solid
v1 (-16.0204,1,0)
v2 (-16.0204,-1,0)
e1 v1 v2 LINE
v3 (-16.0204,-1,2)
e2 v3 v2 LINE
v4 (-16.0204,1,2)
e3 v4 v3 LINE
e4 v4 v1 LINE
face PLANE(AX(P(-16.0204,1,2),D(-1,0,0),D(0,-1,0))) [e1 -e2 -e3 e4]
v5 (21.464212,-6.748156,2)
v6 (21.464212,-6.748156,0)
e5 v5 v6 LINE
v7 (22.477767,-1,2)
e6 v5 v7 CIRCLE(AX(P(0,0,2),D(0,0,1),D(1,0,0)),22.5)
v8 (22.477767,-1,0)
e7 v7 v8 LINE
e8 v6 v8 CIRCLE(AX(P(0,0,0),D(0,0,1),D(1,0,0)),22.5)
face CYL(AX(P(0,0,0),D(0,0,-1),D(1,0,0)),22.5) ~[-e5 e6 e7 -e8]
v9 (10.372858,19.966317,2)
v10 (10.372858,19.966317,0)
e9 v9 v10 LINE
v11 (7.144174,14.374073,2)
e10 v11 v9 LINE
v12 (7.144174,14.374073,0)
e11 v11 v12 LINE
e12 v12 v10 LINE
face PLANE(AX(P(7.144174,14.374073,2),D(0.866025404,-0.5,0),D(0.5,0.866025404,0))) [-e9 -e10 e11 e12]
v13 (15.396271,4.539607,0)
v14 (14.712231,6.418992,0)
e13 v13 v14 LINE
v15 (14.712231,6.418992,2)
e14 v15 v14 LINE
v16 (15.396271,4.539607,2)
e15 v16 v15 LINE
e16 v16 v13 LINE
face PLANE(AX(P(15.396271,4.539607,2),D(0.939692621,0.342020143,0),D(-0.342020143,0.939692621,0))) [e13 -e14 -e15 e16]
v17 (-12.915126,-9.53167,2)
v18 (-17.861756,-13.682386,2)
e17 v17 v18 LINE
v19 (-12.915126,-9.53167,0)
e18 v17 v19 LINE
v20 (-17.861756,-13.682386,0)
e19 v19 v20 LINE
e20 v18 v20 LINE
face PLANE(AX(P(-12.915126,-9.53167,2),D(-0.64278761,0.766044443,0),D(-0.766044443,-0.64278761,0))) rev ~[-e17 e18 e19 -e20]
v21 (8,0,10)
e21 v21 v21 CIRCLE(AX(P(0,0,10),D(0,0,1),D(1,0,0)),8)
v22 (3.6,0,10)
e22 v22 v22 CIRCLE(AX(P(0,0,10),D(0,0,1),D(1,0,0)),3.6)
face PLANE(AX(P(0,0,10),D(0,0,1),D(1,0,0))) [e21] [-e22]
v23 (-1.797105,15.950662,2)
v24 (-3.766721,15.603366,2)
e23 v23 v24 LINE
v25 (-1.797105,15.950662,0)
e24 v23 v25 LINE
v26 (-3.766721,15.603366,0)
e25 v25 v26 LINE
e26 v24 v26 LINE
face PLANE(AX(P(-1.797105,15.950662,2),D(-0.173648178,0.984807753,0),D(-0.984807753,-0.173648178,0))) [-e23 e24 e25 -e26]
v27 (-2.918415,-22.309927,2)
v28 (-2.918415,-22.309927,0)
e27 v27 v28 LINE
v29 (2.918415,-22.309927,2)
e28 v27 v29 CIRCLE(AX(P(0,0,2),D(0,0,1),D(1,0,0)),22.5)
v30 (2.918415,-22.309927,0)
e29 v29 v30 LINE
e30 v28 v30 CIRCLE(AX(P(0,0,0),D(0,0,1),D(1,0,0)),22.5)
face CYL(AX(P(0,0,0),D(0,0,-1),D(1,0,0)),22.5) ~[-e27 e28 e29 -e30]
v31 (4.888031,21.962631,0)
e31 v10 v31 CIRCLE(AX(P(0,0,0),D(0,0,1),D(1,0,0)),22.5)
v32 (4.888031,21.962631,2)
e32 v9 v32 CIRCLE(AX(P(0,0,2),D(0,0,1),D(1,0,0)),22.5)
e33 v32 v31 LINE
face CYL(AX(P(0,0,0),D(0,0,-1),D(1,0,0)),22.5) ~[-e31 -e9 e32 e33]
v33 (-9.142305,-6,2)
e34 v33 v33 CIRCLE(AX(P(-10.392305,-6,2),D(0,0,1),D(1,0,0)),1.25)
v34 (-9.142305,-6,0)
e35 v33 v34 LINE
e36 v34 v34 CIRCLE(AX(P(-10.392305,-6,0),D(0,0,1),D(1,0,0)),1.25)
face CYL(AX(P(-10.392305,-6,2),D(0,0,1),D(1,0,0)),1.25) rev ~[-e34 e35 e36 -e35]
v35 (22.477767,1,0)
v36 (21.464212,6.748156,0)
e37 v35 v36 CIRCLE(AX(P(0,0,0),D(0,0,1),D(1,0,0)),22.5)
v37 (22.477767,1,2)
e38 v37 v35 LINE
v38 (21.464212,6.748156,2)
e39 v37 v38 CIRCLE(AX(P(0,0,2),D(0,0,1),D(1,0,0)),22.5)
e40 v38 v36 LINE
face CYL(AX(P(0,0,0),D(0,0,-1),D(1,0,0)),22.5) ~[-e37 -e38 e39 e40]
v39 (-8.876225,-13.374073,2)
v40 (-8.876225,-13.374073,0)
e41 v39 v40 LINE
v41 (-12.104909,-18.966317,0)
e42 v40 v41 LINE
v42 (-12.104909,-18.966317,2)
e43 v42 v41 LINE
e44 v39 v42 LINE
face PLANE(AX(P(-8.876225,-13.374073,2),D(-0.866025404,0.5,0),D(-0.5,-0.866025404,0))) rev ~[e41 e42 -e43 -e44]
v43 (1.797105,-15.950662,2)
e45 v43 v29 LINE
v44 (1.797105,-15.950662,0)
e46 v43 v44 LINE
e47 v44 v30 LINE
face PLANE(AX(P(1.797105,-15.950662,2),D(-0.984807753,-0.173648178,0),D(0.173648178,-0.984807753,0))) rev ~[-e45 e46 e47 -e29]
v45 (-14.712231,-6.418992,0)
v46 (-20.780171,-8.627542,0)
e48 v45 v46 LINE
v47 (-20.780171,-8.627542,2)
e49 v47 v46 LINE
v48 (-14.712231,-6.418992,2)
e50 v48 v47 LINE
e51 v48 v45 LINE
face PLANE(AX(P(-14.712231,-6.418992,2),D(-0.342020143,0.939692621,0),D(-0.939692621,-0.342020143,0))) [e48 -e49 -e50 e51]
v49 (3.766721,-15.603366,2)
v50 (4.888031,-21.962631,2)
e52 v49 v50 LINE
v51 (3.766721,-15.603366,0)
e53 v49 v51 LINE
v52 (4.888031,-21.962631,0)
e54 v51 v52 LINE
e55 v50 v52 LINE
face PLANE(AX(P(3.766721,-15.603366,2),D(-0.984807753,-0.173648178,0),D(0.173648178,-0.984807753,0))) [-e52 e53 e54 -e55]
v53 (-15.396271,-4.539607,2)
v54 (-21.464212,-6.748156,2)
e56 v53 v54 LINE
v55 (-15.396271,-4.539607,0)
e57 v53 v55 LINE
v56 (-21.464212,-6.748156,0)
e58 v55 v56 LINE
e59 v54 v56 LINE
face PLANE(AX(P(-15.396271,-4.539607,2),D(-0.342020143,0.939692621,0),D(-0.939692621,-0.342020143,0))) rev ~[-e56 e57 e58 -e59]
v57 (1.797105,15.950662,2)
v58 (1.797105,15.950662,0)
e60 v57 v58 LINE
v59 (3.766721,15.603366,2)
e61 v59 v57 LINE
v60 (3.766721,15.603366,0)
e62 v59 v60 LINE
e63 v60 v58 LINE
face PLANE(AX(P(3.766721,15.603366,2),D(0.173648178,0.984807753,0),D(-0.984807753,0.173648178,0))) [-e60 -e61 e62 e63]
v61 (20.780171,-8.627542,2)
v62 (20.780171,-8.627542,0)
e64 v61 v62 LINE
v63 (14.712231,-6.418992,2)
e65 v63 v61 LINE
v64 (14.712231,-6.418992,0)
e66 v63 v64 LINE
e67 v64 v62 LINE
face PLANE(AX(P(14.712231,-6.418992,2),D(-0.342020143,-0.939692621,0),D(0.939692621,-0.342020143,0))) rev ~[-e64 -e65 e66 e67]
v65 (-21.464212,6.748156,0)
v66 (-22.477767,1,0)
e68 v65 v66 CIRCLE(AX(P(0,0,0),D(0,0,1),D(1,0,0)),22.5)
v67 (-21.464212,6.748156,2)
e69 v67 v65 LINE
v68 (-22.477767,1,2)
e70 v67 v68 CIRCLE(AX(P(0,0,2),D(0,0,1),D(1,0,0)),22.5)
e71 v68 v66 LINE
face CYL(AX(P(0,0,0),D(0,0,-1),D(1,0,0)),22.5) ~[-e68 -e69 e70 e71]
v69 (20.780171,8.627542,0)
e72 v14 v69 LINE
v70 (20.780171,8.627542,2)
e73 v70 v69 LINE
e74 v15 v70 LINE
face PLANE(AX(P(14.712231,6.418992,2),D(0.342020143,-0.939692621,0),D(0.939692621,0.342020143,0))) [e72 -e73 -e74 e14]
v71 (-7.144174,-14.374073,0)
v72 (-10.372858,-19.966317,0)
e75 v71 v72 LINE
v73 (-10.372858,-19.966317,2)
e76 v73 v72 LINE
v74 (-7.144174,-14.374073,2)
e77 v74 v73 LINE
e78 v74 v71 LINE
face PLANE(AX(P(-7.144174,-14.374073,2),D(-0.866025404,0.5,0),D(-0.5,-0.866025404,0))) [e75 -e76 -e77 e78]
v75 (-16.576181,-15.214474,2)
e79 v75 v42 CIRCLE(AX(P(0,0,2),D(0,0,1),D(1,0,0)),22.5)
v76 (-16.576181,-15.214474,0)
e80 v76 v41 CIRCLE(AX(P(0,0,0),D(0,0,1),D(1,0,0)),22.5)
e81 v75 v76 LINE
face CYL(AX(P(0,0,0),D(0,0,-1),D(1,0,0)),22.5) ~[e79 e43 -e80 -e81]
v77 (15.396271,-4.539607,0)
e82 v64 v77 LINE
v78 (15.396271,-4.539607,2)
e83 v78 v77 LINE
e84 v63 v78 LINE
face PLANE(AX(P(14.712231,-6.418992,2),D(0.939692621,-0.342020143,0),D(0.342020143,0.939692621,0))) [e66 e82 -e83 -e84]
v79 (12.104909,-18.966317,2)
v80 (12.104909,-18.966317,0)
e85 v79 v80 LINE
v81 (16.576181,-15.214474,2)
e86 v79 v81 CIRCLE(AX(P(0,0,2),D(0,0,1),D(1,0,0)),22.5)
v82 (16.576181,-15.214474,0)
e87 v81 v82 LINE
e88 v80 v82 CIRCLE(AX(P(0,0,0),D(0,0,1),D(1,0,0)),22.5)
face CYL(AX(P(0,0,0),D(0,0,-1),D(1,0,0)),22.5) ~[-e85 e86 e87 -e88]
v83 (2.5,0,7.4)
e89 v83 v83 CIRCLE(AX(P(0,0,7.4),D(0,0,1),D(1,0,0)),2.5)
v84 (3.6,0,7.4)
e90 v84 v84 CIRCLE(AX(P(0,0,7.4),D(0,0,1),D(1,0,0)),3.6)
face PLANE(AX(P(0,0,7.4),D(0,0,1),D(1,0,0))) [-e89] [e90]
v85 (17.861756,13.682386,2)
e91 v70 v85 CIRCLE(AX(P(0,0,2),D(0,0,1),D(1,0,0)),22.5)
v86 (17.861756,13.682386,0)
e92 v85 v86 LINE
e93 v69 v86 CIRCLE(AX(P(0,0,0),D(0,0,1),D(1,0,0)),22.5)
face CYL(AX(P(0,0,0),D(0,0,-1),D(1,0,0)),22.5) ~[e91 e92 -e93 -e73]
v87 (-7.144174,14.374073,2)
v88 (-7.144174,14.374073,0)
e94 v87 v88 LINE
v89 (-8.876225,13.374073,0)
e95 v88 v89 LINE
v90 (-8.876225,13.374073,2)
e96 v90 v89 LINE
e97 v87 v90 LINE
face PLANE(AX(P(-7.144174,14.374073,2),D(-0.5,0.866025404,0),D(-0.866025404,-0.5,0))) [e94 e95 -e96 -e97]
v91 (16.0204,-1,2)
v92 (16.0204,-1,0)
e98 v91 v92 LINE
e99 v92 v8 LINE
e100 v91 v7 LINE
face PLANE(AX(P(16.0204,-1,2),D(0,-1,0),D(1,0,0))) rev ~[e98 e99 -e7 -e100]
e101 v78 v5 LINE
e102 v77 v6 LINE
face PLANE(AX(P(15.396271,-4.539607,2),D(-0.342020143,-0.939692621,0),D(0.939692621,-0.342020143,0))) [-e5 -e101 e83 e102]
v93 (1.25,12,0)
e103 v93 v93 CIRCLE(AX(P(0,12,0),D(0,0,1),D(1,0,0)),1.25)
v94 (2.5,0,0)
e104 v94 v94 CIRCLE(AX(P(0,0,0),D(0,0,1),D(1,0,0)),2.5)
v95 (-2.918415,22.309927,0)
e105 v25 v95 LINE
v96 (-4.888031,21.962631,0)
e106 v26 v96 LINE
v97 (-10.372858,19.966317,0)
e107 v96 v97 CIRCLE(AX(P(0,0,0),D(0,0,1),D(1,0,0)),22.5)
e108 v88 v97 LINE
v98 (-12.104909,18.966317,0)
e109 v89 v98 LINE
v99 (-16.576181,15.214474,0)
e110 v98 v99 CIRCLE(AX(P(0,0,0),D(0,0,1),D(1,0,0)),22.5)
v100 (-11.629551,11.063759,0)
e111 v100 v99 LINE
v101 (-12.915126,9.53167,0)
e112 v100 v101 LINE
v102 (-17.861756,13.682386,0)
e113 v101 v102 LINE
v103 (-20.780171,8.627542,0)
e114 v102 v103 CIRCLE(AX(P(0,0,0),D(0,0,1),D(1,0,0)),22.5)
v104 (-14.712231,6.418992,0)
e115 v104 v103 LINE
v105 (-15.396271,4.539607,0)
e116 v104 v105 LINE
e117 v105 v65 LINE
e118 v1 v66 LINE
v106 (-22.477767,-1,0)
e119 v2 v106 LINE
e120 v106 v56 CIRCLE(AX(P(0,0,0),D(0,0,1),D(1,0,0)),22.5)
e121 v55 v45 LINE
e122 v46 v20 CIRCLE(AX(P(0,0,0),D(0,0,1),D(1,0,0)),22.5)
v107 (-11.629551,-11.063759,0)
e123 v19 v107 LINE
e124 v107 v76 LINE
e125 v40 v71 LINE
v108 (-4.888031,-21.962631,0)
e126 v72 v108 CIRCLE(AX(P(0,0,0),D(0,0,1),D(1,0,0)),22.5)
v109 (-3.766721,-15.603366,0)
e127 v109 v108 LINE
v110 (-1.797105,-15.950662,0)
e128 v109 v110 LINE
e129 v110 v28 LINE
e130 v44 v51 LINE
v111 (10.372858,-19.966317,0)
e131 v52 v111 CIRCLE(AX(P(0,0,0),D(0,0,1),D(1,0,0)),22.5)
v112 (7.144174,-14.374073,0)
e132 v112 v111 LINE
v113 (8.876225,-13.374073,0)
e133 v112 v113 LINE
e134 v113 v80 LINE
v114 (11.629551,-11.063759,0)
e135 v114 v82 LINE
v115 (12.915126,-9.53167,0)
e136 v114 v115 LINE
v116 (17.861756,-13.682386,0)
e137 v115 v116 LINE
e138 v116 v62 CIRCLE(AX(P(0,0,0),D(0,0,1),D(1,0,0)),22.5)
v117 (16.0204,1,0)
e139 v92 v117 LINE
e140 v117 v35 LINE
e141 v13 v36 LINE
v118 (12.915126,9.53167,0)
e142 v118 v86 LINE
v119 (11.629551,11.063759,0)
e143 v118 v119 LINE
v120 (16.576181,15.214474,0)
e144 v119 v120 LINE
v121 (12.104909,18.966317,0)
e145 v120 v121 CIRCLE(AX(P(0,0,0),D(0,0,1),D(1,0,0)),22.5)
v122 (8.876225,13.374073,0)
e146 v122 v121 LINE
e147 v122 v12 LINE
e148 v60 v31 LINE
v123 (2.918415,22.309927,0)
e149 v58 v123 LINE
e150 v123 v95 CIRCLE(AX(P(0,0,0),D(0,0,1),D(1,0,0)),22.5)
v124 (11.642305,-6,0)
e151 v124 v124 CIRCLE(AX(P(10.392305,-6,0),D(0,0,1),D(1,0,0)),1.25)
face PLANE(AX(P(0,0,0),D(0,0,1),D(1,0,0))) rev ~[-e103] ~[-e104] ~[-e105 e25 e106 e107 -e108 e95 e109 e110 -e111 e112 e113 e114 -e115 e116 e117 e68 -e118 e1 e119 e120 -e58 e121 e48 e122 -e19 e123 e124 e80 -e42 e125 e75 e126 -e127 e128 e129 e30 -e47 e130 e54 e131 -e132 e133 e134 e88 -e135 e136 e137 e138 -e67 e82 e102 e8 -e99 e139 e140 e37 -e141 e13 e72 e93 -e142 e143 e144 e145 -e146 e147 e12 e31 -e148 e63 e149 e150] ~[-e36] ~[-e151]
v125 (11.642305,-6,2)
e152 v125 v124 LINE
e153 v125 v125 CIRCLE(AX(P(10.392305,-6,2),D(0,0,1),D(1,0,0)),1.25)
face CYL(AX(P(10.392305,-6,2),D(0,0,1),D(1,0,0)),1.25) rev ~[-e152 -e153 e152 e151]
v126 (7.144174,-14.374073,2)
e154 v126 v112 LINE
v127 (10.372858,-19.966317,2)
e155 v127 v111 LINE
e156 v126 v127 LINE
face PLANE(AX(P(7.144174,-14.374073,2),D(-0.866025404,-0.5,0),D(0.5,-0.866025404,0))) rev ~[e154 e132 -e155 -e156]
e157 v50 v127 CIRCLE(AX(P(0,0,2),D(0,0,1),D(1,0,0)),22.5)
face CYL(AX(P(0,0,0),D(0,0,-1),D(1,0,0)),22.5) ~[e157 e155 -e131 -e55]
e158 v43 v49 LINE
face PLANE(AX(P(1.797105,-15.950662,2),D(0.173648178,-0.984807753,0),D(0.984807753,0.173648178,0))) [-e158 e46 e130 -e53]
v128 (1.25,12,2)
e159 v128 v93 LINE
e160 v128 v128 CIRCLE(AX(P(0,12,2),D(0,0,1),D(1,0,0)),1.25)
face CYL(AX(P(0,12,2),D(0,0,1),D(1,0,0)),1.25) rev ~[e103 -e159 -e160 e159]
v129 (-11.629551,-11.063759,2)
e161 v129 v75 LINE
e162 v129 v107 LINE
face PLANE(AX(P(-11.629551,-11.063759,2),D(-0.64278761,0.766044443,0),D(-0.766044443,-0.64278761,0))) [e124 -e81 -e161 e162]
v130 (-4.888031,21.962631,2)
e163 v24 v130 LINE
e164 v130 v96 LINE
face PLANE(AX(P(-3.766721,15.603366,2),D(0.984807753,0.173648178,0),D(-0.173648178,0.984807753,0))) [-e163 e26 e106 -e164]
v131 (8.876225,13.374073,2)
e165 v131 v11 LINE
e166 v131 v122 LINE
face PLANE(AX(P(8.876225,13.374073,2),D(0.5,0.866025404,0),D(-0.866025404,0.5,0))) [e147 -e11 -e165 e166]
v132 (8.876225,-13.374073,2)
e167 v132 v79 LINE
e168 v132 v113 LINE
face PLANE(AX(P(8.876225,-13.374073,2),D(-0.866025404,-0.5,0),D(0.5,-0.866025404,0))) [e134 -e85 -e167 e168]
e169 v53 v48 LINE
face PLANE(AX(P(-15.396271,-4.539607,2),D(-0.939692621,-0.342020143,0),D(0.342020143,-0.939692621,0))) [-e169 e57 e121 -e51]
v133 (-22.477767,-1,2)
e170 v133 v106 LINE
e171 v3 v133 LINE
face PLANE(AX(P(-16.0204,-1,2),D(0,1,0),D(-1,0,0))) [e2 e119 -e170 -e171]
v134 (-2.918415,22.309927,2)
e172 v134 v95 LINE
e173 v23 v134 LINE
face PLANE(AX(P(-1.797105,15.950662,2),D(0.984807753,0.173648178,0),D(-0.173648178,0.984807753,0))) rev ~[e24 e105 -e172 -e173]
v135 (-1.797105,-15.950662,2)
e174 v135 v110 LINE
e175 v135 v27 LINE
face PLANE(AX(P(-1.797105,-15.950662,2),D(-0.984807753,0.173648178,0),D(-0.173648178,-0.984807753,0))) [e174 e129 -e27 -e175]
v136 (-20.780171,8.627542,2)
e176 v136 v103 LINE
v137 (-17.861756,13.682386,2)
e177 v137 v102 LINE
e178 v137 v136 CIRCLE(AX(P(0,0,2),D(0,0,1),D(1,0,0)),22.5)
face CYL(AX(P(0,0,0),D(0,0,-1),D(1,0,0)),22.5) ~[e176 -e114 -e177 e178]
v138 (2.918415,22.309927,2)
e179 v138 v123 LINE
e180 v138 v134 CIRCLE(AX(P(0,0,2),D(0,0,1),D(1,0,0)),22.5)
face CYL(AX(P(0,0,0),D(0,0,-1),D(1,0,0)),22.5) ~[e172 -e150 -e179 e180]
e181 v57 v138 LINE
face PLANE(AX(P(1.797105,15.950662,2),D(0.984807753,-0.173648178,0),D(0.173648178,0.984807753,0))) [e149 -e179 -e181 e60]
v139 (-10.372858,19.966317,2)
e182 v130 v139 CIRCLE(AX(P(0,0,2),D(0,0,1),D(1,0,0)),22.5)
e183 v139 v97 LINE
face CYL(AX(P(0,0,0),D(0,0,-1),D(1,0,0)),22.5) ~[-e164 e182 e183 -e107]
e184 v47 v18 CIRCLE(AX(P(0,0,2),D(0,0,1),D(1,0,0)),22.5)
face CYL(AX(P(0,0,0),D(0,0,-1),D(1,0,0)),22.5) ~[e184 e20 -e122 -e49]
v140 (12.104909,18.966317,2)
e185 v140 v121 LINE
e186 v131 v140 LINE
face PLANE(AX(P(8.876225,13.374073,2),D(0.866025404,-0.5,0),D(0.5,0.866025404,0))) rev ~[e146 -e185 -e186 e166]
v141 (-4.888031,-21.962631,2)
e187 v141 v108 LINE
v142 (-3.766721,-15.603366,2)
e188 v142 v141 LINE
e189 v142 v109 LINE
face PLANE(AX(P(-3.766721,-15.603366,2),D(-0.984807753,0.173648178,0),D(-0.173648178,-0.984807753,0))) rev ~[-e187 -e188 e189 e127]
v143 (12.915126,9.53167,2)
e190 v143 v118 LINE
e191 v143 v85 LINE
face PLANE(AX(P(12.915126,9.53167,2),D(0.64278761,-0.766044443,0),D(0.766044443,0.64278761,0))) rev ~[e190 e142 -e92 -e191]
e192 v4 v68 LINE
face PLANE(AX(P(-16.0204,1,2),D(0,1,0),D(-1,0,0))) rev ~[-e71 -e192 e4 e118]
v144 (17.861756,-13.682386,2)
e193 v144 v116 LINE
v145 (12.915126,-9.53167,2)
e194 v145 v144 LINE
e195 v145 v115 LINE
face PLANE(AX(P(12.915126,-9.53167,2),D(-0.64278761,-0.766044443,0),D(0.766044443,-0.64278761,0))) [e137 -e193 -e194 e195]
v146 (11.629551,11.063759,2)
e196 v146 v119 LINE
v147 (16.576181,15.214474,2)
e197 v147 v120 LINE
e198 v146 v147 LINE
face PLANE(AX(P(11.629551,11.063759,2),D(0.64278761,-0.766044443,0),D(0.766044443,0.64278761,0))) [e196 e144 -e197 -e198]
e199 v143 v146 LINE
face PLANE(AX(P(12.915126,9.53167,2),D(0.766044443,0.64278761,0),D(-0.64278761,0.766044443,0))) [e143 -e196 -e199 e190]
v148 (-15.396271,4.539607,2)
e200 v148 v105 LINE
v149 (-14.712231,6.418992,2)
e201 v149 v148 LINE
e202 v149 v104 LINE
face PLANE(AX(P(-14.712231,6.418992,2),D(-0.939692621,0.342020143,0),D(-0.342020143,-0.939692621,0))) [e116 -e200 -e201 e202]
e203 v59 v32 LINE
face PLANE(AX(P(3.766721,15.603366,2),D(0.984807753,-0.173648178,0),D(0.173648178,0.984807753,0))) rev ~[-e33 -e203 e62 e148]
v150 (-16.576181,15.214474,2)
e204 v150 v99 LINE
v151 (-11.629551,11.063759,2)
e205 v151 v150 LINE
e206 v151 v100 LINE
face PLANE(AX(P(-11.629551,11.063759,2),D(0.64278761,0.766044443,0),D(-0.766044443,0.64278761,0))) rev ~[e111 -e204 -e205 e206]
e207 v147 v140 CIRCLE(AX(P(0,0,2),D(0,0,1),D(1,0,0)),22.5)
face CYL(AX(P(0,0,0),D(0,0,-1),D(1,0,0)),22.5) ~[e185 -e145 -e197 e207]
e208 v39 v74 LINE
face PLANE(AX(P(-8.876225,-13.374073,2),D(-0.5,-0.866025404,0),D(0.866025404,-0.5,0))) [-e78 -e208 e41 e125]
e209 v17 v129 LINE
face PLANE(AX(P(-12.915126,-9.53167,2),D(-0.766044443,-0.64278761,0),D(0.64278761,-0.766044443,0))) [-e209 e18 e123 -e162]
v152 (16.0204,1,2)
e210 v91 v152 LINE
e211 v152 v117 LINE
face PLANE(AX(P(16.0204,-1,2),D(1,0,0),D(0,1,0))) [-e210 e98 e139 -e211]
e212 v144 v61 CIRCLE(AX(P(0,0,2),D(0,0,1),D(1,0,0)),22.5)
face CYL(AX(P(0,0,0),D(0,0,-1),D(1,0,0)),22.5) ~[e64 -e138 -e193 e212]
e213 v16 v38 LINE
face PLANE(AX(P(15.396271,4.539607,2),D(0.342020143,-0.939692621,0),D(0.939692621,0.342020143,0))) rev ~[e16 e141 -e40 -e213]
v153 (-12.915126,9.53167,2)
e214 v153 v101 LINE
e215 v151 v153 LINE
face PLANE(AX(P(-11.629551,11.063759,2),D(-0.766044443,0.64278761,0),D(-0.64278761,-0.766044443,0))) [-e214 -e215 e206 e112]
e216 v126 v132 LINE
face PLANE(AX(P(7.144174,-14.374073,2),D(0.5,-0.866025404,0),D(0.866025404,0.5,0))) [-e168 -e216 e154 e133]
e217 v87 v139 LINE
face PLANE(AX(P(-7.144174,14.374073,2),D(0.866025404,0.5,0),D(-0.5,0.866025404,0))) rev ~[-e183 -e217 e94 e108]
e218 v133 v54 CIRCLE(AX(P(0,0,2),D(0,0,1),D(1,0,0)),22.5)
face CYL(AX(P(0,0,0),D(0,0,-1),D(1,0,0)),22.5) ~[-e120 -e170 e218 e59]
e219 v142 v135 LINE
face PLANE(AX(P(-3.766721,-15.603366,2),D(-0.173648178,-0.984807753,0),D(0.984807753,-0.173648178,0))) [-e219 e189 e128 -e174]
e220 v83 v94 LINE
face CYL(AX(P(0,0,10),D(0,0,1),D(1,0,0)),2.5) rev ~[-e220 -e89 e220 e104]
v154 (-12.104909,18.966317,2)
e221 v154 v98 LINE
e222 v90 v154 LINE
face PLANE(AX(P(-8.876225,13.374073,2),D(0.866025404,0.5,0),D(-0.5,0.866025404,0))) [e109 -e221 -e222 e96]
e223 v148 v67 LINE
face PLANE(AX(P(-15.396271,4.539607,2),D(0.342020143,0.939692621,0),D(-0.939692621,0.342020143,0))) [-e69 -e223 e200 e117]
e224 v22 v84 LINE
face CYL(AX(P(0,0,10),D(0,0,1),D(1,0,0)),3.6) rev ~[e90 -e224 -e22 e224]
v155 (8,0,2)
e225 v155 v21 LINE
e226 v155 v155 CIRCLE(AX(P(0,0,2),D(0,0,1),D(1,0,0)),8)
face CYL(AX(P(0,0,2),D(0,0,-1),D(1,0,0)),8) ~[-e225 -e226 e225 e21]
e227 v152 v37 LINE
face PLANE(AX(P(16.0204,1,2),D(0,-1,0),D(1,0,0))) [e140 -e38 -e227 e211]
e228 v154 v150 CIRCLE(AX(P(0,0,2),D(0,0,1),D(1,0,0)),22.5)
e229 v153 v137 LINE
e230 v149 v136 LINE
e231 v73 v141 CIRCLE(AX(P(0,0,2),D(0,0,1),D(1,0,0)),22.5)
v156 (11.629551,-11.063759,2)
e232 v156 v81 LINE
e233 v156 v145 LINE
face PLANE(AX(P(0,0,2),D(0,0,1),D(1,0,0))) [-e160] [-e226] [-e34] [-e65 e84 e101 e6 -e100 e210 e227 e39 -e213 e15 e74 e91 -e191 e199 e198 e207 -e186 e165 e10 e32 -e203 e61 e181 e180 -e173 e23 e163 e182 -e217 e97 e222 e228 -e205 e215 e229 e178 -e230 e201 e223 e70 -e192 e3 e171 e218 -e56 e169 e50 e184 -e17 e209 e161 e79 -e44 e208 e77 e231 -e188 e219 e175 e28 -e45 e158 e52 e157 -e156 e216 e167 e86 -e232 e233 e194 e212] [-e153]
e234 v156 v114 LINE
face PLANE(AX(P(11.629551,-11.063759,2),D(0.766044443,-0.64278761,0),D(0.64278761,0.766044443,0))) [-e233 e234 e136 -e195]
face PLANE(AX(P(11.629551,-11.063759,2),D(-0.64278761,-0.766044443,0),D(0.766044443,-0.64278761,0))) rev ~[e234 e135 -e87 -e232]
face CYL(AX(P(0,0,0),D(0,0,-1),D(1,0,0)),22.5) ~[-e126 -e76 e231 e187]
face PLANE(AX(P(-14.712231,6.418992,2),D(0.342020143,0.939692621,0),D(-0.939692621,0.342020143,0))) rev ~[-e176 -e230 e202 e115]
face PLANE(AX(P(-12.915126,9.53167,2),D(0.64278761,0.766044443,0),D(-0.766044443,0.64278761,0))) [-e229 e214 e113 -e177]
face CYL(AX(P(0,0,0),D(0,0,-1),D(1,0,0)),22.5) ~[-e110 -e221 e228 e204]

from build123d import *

# Parameters (mm, degrees)
SKETCH1_R           = 22.5
BOSS_EXTRUDE1_DEPTH = 2
SKETCH2_R           = 8
BOSS_EXTRUDE2_DEPTH = 8
SKETCH3_R           = 2.5
CUT_EXTRUDE1_DEPTH  = 34.35416016
SKETCH4_R           = 3.6
CUT_EXTRUDE2_DEPTH  = 2.6
SKETCH5_R           = 1.25
CUT_EXTRUDE3_DEPTH  = 33.810059433
SKETCH7_W           = 7.216965313
SKETCH7_H           = 2
CUT_EXTRUDE4_DEPTH  = 10
CIRPATTERN1_COUNT   = 18


with BuildPart() as part:
    # Sketch1 → Boss-Extrude1 (new body)
    with BuildSketch(Plane.XY):
        Circle(SKETCH1_R)
    extrude(amount=BOSS_EXTRUDE1_DEPTH)

    # Sketch2 → Boss-Extrude2 (add)
    with BuildSketch(Plane.XY.offset(2)):
        Circle(SKETCH2_R)
    extrude(amount=BOSS_EXTRUDE2_DEPTH)

    # Sketch3 → Cut-Extrude1 (cut, through all)
    with BuildSketch(Plane.XY.offset(10)):
        Circle(SKETCH3_R)
    extrude(amount=-CUT_EXTRUDE1_DEPTH, mode=Mode.SUBTRACT)

    # Sketch4 → Cut-Extrude2 (cut)
    with BuildSketch(Plane.XY.offset(10)):
        Circle(SKETCH4_R)
    extrude(amount=-CUT_EXTRUDE2_DEPTH, mode=Mode.SUBTRACT)

    # Sketch5 → Cut-Extrude3 (cut, through all)
    with BuildSketch(Plane.XY.offset(2)):
        with Locations((0, 12)):
            Circle(SKETCH5_R)
        with Locations((-10.392304845, -6)):
            Circle(SKETCH5_R)
        with Locations((10.392304845, -6)):
            Circle(SKETCH5_R)
    extrude(amount=-CUT_EXTRUDE3_DEPTH, mode=Mode.SUBTRACT)

    # Sketch7 → Cut-Extrude4 (cut)
    with BuildSketch(Plane.XY.offset(2)):
        with Locations((19.628882318, 0)):
            Rectangle(SKETCH7_W, SKETCH7_H)
    cut_extrude4 = extrude(amount=-CUT_EXTRUDE4_DEPTH, mode=Mode.SUBTRACT)

    # CirPattern1: Cut-Extrude4 ×18 about axis
    cirpattern1_axis = Axis((0, 0, 0), (0, 0, 1))
    for i in range(1, CIRPATTERN1_COUNT):
        add(cut_extrude4.rotate(cirpattern1_axis, i * 360 / CIRPATTERN1_COUNT), mode=Mode.SUBTRACT)


solid = part.part
